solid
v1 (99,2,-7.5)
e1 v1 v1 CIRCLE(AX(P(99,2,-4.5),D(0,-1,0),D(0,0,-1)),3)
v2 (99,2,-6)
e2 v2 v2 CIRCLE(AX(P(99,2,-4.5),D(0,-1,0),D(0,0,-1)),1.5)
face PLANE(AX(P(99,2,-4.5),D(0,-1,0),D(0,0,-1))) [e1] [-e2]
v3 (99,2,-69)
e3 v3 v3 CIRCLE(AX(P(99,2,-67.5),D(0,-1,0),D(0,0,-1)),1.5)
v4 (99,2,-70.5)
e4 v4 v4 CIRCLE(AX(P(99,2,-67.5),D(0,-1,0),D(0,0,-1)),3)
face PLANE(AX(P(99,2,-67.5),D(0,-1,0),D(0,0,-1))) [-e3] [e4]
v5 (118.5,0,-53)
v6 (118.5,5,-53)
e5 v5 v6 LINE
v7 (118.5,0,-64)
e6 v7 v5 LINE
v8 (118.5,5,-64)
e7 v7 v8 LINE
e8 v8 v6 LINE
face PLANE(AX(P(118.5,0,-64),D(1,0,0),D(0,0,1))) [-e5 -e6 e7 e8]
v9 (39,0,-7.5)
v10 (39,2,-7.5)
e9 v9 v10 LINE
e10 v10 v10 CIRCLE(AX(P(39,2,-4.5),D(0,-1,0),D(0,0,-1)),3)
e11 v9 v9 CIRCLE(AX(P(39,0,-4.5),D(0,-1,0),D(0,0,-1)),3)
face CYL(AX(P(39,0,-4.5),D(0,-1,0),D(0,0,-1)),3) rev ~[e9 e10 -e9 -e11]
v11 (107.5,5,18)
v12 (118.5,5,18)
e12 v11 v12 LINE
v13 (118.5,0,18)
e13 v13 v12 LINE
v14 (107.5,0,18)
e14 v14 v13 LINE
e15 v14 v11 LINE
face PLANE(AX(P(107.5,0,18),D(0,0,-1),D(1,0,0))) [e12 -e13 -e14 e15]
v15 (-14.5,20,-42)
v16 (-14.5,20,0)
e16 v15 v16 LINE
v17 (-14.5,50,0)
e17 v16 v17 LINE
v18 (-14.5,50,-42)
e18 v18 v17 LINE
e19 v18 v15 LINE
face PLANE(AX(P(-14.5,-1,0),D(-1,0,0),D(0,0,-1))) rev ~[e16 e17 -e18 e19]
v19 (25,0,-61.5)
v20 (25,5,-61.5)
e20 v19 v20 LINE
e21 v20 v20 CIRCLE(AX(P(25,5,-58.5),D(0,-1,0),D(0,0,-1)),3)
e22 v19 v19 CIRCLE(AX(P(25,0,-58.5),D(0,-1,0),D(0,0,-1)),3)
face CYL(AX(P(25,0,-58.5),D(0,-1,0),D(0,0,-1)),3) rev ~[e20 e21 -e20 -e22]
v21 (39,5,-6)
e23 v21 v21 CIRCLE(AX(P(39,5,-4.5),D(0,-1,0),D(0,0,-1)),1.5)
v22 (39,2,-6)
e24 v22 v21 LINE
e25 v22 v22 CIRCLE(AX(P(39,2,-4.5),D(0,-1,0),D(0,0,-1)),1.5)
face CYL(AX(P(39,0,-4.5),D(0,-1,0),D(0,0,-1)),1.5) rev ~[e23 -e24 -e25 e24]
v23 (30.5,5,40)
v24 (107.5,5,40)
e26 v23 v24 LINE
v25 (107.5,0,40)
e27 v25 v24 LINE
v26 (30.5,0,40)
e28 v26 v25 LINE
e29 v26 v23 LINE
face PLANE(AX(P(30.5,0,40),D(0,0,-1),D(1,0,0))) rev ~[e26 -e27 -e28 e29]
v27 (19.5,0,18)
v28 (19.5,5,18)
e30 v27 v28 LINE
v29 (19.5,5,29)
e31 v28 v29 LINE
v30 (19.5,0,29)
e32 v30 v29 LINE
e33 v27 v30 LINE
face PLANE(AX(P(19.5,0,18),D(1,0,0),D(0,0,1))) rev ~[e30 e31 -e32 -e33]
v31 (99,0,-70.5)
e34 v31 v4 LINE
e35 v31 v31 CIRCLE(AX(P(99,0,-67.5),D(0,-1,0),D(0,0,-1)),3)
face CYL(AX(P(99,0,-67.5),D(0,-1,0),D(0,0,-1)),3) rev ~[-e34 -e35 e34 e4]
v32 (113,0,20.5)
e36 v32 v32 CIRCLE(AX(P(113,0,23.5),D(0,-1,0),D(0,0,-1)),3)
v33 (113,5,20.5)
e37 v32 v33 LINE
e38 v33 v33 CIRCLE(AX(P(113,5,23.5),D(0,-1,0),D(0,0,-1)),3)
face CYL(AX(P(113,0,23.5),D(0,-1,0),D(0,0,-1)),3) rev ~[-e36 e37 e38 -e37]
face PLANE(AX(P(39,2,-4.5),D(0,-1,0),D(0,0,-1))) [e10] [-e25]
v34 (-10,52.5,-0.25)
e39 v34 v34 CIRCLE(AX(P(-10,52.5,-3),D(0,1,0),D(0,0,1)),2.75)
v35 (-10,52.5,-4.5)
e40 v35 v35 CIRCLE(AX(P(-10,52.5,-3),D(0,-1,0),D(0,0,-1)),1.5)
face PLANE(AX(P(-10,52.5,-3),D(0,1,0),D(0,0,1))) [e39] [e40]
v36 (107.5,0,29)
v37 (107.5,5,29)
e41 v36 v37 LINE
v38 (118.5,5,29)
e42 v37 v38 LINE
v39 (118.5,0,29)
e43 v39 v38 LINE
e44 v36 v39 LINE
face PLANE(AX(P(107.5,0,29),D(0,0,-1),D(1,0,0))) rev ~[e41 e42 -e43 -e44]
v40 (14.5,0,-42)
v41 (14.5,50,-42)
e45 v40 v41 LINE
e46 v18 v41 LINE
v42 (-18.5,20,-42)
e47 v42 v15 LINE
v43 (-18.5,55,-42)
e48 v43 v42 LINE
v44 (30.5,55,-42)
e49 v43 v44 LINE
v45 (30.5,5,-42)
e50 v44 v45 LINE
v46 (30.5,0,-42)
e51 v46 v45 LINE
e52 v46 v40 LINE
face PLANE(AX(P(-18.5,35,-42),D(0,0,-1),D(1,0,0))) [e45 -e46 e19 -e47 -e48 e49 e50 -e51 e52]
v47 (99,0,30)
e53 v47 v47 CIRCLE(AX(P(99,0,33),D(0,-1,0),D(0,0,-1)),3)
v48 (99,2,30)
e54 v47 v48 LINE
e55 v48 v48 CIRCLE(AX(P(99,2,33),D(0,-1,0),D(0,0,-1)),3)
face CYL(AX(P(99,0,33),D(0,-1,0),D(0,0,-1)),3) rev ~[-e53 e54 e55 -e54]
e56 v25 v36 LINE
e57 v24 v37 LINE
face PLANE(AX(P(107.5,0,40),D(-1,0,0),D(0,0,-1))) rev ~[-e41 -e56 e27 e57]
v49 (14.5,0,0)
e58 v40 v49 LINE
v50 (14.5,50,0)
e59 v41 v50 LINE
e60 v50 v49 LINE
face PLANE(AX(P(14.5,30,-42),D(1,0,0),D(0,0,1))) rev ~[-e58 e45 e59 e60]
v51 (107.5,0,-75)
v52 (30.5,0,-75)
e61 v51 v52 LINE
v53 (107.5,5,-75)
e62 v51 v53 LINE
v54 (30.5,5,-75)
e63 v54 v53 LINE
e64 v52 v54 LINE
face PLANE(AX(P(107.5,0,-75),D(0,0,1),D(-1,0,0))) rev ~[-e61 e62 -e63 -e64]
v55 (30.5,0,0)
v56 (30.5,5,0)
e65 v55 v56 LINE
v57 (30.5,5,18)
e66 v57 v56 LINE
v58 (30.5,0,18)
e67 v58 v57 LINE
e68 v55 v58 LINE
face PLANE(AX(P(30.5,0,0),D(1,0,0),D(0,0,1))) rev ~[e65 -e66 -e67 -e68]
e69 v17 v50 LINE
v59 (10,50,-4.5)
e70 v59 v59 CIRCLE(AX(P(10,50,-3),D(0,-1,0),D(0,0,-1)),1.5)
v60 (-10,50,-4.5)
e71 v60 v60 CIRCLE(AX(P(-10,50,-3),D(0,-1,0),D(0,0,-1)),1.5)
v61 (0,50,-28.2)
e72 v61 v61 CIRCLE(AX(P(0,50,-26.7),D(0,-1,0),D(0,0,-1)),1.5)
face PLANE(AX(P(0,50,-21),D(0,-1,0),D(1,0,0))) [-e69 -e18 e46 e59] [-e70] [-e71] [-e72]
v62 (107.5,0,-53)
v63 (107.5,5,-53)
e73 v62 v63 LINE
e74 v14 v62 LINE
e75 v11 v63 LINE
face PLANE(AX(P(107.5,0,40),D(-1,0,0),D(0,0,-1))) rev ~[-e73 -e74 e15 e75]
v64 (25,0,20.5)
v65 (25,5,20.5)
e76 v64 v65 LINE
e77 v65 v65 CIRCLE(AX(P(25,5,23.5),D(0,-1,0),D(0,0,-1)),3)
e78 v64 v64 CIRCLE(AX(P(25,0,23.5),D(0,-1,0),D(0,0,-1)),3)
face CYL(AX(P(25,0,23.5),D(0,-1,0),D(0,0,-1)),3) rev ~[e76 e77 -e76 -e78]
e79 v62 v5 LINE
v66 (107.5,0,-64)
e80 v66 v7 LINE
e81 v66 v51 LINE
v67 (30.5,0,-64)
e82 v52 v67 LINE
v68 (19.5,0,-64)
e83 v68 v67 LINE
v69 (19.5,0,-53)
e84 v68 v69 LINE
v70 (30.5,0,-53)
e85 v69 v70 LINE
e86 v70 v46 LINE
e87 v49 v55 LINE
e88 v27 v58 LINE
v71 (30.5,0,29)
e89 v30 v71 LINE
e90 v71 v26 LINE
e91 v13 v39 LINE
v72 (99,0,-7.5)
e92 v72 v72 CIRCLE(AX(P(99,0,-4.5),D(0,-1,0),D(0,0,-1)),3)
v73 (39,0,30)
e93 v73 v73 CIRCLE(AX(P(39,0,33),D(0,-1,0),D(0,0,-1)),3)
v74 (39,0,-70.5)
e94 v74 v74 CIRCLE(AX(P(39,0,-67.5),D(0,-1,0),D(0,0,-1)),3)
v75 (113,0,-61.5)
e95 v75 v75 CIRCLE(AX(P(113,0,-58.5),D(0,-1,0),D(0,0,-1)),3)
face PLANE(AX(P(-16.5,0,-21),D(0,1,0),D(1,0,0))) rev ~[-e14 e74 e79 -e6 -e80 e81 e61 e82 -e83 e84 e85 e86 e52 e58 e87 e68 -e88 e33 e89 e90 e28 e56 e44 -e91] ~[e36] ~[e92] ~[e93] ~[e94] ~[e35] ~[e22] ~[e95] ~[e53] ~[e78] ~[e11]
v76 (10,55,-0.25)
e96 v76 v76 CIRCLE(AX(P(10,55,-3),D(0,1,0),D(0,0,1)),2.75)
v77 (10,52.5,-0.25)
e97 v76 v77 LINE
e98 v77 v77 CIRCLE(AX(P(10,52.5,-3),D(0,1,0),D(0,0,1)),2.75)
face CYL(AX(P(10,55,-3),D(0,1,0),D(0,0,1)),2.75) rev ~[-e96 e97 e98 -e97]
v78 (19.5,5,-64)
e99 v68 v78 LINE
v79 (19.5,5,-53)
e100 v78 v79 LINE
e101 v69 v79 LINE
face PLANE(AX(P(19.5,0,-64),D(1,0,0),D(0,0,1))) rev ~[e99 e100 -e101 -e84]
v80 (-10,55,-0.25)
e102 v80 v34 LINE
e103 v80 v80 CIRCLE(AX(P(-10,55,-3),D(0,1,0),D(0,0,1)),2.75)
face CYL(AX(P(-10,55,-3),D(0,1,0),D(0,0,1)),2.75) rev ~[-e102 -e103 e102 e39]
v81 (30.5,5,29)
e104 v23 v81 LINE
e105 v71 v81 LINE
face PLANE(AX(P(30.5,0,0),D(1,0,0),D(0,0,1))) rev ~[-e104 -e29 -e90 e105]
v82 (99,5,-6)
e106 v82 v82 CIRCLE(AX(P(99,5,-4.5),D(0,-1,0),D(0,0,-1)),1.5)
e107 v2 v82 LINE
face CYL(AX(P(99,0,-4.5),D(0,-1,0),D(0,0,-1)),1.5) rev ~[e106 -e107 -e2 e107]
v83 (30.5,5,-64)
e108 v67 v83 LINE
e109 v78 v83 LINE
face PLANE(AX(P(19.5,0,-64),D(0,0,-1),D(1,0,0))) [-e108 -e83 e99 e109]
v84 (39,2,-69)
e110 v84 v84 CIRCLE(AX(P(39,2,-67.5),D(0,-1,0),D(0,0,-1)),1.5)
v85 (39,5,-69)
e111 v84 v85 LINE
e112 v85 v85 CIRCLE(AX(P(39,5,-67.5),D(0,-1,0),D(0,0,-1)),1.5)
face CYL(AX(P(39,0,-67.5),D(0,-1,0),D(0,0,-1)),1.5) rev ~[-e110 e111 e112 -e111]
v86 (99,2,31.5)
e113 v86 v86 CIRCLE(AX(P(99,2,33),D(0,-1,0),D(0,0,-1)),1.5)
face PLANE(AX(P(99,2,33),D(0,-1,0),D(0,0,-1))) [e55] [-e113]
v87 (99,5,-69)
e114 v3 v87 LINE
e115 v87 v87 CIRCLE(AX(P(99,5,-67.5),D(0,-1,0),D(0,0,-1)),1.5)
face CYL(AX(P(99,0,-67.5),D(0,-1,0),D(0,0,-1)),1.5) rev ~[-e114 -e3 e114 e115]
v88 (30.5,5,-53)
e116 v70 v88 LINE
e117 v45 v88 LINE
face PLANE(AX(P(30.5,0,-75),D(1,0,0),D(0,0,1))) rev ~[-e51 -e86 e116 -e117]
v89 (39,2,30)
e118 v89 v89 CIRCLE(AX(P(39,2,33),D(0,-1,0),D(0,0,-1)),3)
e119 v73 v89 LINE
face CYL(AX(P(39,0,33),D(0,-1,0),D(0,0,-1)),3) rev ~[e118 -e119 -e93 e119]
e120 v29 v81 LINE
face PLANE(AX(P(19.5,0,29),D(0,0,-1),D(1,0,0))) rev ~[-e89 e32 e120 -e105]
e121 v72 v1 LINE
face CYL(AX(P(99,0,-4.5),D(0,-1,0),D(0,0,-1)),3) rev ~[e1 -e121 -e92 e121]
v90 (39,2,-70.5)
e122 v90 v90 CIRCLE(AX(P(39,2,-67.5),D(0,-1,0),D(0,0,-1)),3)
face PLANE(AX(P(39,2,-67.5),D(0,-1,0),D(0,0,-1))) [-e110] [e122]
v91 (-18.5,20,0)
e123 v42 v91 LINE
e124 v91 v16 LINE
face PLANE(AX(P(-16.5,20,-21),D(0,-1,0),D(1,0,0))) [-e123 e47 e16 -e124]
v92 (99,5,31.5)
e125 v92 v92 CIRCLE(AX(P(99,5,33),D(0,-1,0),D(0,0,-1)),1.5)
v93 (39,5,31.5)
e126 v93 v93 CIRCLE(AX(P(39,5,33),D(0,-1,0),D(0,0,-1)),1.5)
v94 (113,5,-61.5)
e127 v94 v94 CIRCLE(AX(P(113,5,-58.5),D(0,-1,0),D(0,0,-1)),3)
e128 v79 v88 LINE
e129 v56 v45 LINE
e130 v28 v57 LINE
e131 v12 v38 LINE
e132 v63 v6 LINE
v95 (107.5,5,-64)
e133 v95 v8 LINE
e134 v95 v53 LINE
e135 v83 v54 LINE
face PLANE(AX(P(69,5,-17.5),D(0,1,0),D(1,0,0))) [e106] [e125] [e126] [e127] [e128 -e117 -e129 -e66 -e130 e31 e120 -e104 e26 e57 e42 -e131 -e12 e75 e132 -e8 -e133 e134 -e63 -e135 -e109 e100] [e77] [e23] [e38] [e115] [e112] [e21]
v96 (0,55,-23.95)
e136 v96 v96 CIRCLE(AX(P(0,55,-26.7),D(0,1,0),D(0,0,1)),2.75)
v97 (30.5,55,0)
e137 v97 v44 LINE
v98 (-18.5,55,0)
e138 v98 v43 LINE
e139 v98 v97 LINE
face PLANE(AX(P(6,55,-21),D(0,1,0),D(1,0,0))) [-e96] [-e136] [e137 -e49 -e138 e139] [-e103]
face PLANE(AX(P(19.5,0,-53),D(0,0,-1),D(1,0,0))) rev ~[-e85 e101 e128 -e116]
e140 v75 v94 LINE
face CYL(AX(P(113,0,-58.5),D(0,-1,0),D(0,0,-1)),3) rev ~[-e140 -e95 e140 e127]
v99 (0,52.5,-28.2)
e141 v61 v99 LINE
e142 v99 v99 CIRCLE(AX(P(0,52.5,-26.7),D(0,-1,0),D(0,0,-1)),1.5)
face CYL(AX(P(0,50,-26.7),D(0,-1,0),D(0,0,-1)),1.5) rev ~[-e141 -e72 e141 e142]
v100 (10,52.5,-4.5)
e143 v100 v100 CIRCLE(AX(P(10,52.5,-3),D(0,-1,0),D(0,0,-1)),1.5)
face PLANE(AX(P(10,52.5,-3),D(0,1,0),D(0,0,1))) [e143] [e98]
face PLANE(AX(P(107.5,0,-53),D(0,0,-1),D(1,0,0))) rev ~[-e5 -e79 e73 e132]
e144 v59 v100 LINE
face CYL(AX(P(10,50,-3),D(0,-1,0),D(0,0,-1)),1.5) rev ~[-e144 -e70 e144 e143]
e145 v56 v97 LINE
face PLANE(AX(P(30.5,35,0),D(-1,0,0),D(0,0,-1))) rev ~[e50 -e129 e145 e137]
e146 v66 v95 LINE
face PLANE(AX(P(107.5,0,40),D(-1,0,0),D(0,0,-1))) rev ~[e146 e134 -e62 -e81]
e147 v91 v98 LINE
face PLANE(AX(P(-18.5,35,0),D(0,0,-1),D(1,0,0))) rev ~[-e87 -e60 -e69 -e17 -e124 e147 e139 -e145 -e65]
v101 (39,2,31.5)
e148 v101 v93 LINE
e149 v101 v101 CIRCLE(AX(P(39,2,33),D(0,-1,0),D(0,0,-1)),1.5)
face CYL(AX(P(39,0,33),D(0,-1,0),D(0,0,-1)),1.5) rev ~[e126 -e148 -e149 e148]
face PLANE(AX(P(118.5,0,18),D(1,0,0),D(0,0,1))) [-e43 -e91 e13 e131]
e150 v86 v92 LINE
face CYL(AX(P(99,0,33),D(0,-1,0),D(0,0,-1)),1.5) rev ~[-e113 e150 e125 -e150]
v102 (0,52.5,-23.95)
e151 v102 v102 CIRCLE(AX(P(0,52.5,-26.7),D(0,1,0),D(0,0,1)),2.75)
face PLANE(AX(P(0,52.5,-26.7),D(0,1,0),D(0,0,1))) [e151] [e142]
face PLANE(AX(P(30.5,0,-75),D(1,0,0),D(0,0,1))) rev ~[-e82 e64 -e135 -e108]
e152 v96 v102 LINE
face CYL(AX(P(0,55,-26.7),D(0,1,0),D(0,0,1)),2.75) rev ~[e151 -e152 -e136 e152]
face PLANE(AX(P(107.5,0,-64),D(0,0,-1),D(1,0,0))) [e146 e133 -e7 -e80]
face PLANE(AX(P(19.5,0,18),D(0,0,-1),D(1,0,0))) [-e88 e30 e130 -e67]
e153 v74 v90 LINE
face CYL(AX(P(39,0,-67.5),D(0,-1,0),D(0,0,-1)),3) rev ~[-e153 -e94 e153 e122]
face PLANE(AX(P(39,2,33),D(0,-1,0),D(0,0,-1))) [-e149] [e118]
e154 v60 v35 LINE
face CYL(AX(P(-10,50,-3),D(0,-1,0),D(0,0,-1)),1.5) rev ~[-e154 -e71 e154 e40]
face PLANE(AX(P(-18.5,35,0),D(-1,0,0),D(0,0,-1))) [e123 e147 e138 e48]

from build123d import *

# Parameters (mm, degrees)
SKETCH_1_W               = 4
SKETCH_1_H               = 42
SKETCH_1_W_2             = 29
SKETCH_1_W_3             = 16
EXTRUDE_2_DEPTH          = 90
CUT_EXTRUDE_3_DEPTH      = 30
CUT_EXTRUDE_3_DEPTH_BACK = 1
SKETCH_1_6_W             = 29
SKETCH_1_6_H             = 42
SKETCH_7_W               = 77
SKETCH_7_H               = 115
CUT_EXTRUDE_5_DEPTH      = 85
SKETCH_8_W               = 49
SKETCH_8_H               = 42
CUT_EXTRUDE_6_DEPTH      = 55
SKETCH_11_R              = 1.5
CUT_EXTRUDE_9_DEPTH      = 6
SKETCH_14_R              = 3
CUT_EXTRUDE_11_DEPTH     = 2
SKETCH_18_W              = 49
SKETCH_18_H              = 42
EXTRUDE_3_DEPTH          = 20
SKETCH_19_W              = 29
SKETCH_19_H              = 42
CUT_EXTRUDE_14_DEPTH     = 20
SKETCH_20_R              = 1.5
CUT_EXTRUDE_15_DEPTH     = 141.289878466
SKETCH_21_R              = 2.75
CUT_EXTRUDE_16_DEPTH     = 2.5
SKETCH_25_W              = 4
SKETCH_25_H              = 42
CUT_EXTRUDE_18_DEPTH     = 20
SKETCH_26_W              = 11
SKETCH_26_H              = 11
EXTRUDE_4_DEPTH          = 5
SKETCH_28_R              = 3
CUT_EXTRUDE_19_DEPTH     = 151.639470259


with BuildPart() as part:
    # 草图1 → 凸台-拉伸2 (new body)
    with BuildSketch(Plane(origin=(0, 0, 0), x_dir=(1, 0, 0), z_dir=(0, 1, 0))):
        with Locations((-16.5, 21)):
            Rectangle(SKETCH_1_W, SKETCH_1_H)
        with Locations((0, 21)):
            Rectangle(SKETCH_1_W_2, SKETCH_1_H)
        with Locations((22.5, 21)):
            Rectangle(SKETCH_1_W_3, SKETCH_1_H)
        with Locations((32.5, 21)):
            Rectangle(SKETCH_1_W, SKETCH_1_H)
        Polygon((30.5, 75), (30.5, 42), (34.5, 42), (34.5, 0), (30.5, 0), (30.5, -40), (107.5, -40), (107.5, 75), align=None)
    extrude(amount=EXTRUDE_2_DEPTH)

    # 草图1<6> → 切除-拉伸3 (cut, two sides: drawn at the far end of the back side and taken through both)
    with BuildSketch(Plane(origin=(0, 0, 0), x_dir=(1, 0, 0), z_dir=(0, 1, 0)).offset(-CUT_EXTRUDE_3_DEPTH_BACK)):
        with Locations((0, 21)):
            Rectangle(SKETCH_1_6_W, SKETCH_1_6_H)
    extrude(amount=CUT_EXTRUDE_3_DEPTH + CUT_EXTRUDE_3_DEPTH_BACK, mode=Mode.SUBTRACT)

    # 草图7 → 切除-拉伸5 (cut)
    with BuildSketch(Plane(origin=(0, 90, 0), x_dir=(1, 0, 0), z_dir=(0, 1, 0))):
        with Locations((69, 17.5)):
            Rectangle(SKETCH_7_W, SKETCH_7_H)
    extrude(amount=-CUT_EXTRUDE_5_DEPTH, mode=Mode.SUBTRACT)

    # 草图8 → 切除-拉伸6 (cut)
    with BuildSketch(Plane(origin=(0, 90, 0), x_dir=(1, 0, 0), z_dir=(0, 1, 0))):
        with Locations((6, 21)):
            Rectangle(SKETCH_8_W, SKETCH_8_H)
    extrude(amount=-CUT_EXTRUDE_6_DEPTH, mode=Mode.SUBTRACT)

    # 草图11 → 切除-拉伸9 (cut)
    with BuildSketch(Plane.XZ):
        with Locations(Location((39, 33, 0), (0, 0, 270))):
            Circle(SKETCH_11_R)
        with Locations(Location((99, 33, 0), (0, 0, 270))):
            Circle(SKETCH_11_R)
        with Locations(Location((39, -4.5, 0), (0, 0, 270))):
            Circle(SKETCH_11_R)
        with Locations(Location((99, -4.5, 0), (0, 0, 270))):
            Circle(SKETCH_11_R)
        with Locations(Location((99, -67.5, 0), (0, 0, 270))):
            Circle(SKETCH_11_R)
        with Locations(Location((39, -67.5, 0), (0, 0, 270))):
            Circle(SKETCH_11_R)
    extrude(amount=-CUT_EXTRUDE_9_DEPTH, mode=Mode.SUBTRACT)

    # 草图14 → 切除-拉伸11 (cut)
    with BuildSketch(Plane.XZ):
        with Locations(Location((39, 33, 0), (0, 0, 270))):
            Circle(SKETCH_14_R)
        with Locations(Location((99, 33, 0), (0, 0, 270))):
            Circle(SKETCH_14_R)
        with Locations(Location((39, -4.5, 0), (0, 0, 270))):
            Circle(SKETCH_14_R)
        with Locations(Location((99, -4.5, 0), (0, 0, 270))):
            Circle(SKETCH_14_R)
        with Locations(Location((39, -67.5, 0), (0, 0, 270))):
            Circle(SKETCH_14_R)
        with Locations(Location((99, -67.5, 0), (0, 0, 270))):
            Circle(SKETCH_14_R)
    extrude(amount=-CUT_EXTRUDE_11_DEPTH, mode=Mode.SUBTRACT)

    # 草图18 → 凸台-拉伸3 (add)
    with BuildSketch(Plane(origin=(0, 35, 0), x_dir=(1, 0, 0), z_dir=(0, 1, 0))):
        with Locations((6, 21)):
            Rectangle(SKETCH_18_W, SKETCH_18_H)
    extrude(amount=EXTRUDE_3_DEPTH)

    # 草图19 → 切除-拉伸14 (cut)
    with BuildSketch(Plane.XZ.offset(-30)):
        with Locations((0, -21)):
            Rectangle(SKETCH_19_W, SKETCH_19_H)
    extrude(amount=-CUT_EXTRUDE_14_DEPTH, mode=Mode.SUBTRACT)

    # 草图20 → 切除-拉伸15 (cut, through all)
    with BuildSketch(Plane.XZ.offset(-50)):
        with Locations(Location((-10, -3, 0), (0, 0, 270))):
            Circle(SKETCH_20_R)
        with Locations(Location((10, -3, 0), (0, 0, 270))):
            Circle(SKETCH_20_R)
        with Locations(Location((0, -26.7, 0), (0, 0, 270))):
            Circle(SKETCH_20_R)
    extrude(amount=-CUT_EXTRUDE_15_DEPTH, mode=Mode.SUBTRACT)

    # 草图21 → 切除-拉伸16 (cut)
    with BuildSketch(Plane(origin=(0, 55, 0), x_dir=(1, 0, 0), z_dir=(0, 1, 0))):
        with Locations(Location((0, 26.7, 0), (0, 0, 270))):
            Circle(SKETCH_21_R)
        with Locations(Location((-10, 3, 0), (0, 0, 270))):
            Circle(SKETCH_21_R)
        with Locations(Location((10, 3, 0), (0, 0, 270))):
            Circle(SKETCH_21_R)
    extrude(amount=-CUT_EXTRUDE_16_DEPTH, mode=Mode.SUBTRACT)

    # 草图25 → 切除-拉伸18 (cut)
    with BuildSketch(Plane.XZ):
        with Locations((-16.5, -21)):
            Rectangle(SKETCH_25_W, SKETCH_25_H)
    extrude(amount=-CUT_EXTRUDE_18_DEPTH, mode=Mode.SUBTRACT)

    # 草图26 → 凸台-拉伸4 (add)
    with BuildSketch(Plane.XZ):
        with Locations((25, 23.5)):
            Rectangle(SKETCH_26_W, SKETCH_26_H)
        with Locations((113, 23.5)):
            Rectangle(SKETCH_26_W, SKETCH_26_H)
        with Locations((25, -58.5)):
            Rectangle(SKETCH_26_W, SKETCH_26_H)
        with Locations((113, -58.5)):
            Rectangle(SKETCH_26_W, SKETCH_26_H)
    extrude(amount=-EXTRUDE_4_DEPTH)

    # 草图28 → 切除-拉伸19 (cut, through all)
    with BuildSketch(Plane.XZ):
        with Locations(Location((25, 23.5, 0), (0, 0, 270))):
            Circle(SKETCH_28_R)
        with Locations(Location((113, 23.5, 0), (0, 0, 270))):
            Circle(SKETCH_28_R)
        with Locations(Location((25, -58.5, 0), (0, 0, 270))):
            Circle(SKETCH_28_R)
        with Locations(Location((113, -58.5, 0), (0, 0, 270))):
            Circle(SKETCH_28_R)
    extrude(amount=-CUT_EXTRUDE_19_DEPTH, mode=Mode.SUBTRACT)


solid = part.part
